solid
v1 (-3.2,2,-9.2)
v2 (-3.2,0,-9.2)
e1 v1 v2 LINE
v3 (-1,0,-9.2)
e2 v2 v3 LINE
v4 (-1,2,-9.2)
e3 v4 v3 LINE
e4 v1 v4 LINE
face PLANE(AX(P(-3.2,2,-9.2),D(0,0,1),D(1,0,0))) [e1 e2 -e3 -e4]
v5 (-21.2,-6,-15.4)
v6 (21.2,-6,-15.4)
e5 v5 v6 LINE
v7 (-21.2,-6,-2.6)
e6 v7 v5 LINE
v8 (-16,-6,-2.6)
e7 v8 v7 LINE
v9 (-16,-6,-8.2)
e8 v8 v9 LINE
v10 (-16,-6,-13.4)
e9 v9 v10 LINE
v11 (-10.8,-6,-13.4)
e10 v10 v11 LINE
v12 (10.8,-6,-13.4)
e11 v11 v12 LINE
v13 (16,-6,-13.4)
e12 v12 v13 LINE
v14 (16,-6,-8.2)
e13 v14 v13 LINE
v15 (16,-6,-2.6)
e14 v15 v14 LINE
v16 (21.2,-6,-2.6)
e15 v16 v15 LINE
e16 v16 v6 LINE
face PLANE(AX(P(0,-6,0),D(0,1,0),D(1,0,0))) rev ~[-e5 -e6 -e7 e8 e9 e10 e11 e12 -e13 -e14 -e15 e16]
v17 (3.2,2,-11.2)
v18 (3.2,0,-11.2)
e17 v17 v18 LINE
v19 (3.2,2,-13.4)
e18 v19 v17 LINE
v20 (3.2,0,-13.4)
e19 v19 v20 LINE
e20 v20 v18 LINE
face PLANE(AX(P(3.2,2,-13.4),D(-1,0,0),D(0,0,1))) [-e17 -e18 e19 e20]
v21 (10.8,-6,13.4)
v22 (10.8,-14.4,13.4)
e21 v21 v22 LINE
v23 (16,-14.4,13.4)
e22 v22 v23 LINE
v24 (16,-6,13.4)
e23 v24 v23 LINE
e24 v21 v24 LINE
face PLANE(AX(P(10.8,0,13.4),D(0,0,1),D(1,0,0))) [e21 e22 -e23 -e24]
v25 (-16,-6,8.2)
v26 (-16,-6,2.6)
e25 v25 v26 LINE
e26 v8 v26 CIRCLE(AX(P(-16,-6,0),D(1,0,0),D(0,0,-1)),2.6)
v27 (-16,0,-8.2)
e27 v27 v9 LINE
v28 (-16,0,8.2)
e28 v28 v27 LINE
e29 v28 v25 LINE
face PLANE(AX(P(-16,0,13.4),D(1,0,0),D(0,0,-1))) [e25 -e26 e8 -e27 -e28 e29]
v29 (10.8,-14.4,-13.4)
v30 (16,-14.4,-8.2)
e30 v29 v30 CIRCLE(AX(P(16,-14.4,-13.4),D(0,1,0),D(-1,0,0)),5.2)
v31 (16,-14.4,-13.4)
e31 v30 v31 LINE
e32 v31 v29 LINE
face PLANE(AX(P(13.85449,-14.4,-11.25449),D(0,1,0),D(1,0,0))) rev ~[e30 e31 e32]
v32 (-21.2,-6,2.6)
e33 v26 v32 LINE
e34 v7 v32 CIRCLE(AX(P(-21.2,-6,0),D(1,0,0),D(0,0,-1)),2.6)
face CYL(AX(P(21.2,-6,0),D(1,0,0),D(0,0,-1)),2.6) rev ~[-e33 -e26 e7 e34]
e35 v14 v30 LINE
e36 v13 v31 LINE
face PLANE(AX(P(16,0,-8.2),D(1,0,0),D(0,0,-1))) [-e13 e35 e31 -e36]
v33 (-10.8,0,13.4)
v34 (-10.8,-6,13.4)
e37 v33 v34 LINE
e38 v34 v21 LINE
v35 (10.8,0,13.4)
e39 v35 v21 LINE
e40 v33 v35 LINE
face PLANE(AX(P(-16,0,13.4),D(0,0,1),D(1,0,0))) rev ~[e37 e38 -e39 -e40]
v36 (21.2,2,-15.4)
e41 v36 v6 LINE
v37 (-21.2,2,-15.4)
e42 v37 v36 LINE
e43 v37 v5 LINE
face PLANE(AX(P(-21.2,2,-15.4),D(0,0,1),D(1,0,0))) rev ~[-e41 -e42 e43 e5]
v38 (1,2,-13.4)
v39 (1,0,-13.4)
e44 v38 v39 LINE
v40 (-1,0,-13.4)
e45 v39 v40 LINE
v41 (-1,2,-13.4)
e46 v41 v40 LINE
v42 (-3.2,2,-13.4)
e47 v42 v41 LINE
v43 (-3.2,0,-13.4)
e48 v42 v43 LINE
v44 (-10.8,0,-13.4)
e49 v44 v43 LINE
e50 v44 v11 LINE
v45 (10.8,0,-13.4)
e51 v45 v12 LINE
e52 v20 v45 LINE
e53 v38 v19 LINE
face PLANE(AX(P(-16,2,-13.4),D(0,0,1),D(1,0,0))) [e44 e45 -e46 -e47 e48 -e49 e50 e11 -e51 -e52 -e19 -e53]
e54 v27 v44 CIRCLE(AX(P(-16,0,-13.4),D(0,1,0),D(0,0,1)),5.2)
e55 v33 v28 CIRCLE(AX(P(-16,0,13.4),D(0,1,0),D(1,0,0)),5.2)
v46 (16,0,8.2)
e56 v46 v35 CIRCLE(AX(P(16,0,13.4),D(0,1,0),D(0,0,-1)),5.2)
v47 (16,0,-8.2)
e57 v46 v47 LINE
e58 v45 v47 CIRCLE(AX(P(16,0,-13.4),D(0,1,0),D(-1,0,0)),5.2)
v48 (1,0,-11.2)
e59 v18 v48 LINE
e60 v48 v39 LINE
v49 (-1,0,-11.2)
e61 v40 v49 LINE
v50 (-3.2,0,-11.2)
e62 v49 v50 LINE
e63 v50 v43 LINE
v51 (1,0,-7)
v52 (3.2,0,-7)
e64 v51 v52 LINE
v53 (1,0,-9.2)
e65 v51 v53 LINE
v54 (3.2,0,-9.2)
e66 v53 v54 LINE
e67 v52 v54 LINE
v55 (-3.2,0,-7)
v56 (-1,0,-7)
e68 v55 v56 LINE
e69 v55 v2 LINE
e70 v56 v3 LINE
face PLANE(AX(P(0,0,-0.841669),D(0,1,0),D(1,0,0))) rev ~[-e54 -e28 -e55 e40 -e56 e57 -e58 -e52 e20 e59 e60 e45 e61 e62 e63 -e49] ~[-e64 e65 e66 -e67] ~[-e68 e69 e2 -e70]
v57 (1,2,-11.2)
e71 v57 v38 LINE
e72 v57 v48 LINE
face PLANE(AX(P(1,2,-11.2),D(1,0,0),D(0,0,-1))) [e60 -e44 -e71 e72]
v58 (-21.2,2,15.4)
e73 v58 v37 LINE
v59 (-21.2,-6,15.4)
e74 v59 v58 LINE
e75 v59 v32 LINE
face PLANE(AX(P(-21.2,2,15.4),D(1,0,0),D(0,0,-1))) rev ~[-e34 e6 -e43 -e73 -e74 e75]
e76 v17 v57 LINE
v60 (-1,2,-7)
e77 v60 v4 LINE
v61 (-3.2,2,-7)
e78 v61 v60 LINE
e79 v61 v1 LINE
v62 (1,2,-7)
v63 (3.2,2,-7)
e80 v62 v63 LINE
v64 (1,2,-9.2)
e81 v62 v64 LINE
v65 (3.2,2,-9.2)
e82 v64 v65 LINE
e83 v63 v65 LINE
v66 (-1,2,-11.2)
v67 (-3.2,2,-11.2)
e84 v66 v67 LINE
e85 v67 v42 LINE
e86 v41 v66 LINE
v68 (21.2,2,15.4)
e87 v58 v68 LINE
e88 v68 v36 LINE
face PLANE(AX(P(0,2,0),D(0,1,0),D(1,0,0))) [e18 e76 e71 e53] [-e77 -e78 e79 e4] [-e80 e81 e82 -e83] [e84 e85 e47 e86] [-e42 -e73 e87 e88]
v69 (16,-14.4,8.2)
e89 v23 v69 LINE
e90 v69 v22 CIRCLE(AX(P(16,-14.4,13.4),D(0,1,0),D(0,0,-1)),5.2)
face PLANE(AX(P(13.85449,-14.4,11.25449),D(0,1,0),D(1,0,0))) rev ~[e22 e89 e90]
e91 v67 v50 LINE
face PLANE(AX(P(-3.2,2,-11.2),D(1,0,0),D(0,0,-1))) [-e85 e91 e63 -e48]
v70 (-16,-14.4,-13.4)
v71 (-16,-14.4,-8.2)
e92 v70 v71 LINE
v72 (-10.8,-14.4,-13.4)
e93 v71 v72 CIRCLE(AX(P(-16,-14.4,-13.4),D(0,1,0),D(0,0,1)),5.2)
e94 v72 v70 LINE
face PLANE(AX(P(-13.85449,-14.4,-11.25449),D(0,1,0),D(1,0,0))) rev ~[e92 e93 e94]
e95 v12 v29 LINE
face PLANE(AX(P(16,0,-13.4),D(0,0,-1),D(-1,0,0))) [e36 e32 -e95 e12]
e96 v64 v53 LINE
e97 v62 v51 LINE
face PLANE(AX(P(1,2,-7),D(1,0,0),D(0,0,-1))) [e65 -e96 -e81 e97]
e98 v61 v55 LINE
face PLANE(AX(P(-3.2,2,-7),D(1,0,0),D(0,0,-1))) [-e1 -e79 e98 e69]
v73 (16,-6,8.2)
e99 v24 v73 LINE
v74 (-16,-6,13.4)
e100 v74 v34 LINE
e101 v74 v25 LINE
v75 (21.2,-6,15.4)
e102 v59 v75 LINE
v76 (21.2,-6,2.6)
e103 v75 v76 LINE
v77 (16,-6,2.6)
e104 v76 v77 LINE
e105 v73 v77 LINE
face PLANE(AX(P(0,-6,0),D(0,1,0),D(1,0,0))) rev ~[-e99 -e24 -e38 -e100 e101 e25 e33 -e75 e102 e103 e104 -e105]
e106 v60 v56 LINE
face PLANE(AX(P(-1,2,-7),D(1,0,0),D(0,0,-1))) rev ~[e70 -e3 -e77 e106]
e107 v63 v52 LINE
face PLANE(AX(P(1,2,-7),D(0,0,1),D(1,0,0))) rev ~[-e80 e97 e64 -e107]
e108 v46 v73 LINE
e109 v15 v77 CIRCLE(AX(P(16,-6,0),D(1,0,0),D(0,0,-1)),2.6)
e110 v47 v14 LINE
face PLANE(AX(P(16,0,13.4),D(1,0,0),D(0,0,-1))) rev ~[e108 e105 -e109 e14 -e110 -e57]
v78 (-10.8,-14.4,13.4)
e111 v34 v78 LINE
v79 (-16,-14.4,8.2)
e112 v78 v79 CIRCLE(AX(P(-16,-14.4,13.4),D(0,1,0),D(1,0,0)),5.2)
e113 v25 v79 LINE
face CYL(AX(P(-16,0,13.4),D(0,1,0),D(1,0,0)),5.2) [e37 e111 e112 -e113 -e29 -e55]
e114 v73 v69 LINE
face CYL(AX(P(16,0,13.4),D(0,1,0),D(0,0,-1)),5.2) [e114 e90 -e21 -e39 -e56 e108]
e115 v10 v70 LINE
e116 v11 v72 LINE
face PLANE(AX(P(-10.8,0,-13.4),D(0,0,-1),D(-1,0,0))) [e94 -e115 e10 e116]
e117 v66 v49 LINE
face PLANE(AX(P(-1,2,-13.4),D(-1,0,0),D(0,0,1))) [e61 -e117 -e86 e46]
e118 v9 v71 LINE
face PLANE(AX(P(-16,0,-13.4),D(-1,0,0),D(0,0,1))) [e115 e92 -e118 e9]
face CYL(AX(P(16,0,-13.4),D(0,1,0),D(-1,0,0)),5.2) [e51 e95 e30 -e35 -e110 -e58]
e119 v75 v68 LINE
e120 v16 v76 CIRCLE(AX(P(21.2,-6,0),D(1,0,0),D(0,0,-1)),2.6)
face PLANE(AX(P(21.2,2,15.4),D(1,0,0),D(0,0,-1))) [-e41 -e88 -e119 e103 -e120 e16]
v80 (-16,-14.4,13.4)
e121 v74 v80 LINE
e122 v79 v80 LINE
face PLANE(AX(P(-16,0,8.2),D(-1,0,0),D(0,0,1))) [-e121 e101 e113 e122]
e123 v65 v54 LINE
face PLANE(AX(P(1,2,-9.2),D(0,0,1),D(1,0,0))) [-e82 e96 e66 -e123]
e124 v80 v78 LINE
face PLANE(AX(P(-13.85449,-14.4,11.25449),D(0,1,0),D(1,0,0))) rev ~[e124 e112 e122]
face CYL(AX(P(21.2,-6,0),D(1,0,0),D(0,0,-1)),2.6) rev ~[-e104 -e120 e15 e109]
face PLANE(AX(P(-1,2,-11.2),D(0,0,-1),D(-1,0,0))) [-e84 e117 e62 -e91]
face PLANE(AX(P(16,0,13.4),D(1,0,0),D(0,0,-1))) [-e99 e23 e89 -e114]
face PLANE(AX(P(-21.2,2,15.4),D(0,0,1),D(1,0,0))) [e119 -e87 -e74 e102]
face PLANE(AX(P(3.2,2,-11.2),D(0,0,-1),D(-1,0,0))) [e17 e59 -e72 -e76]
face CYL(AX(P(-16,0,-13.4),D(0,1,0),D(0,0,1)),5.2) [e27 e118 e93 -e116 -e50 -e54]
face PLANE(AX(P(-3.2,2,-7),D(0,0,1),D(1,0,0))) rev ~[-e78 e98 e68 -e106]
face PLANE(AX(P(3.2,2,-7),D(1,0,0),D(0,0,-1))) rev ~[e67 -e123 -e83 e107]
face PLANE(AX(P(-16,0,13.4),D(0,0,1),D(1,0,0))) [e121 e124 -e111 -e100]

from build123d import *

# Parameters (mm, degrees)
CROQUIS1_W              = 42.4
CROQUIS1_H              = 30.8
CROQUIS1_W_2            = 32
CROQUIS1_H_2            = 26.8
SALIENTE_EXTRUIR1_DEPTH = 6
SALIENTE_EXTRUIR2_DEPTH = 14.4
SALIENTE_EXTRUIR3_START = 2
CROQUIS1_4_W            = 42.4
CROQUIS1_4_H            = 30.8
CROQUIS1_4_W_2          = 32
CROQUIS1_4_H_2          = 26.8
CROQUIS1_4_W_3          = 2.2
CROQUIS1_4_H_3          = 2.2
SALIENTE_EXTRUIR3_DEPTH = 2
CORTAR_EXTRUIR1_REACH   = 49.353


with BuildPart() as part:
    # Croquis1 → Saliente-Extruir1 (new body)
    with BuildSketch(Plane(origin=(0, 0, 0), x_dir=(1, 0, 0), z_dir=(0, 1, 0))):
        Rectangle(CROQUIS1_W, CROQUIS1_H)
        Rectangle(CROQUIS1_W_2, CROQUIS1_H_2, mode=Mode.SUBTRACT)
    extrude(amount=-SALIENTE_EXTRUIR1_DEPTH)

    # Croquis1<3> → Saliente-Extruir2 (add)
    with BuildSketch(Plane(origin=(0, 0, 0), x_dir=(1, 0, 0), z_dir=(0, 1, 0))):
        with BuildLine():
            Line((-16, 13.4), (-16, 8.2))
            ThreePointArc((-16, 8.2), (-12.323044738, 9.723044738), (-10.8, 13.4))
            Line((-10.8, 13.4), (-16, 13.4))
        make_face()
        with BuildLine():
            Line((-16, -8.2), (-16, -13.4))
            Line((-16, -13.4), (-10.8, -13.4))
            ThreePointArc((-10.8, -13.4), (-12.323044738, -9.723044738), (-16, -8.2))
        make_face()
        with BuildLine():
            ThreePointArc((10.8, 13.4), (12.323044738, 9.723044738), (16, 8.2))
            Line((16, 8.2), (16, 13.4))
            Line((16, 13.4), (10.8, 13.4))
        make_face()
        with BuildLine():
            ThreePointArc((16, -8.2), (12.323044738, -9.723044738), (10.8, -13.4))
            Line((10.8, -13.4), (16, -13.4))
            Line((16, -13.4), (16, -8.2))
        make_face()
    extrude(amount=-SALIENTE_EXTRUIR2_DEPTH)

    # Croquis1<4> → Saliente-Extruir3 (add)
    # profile 1 of 6: a face of its own
    with BuildSketch(Plane(origin=(0, 0, 0), x_dir=(1, 0, 0), z_dir=(0, 1, 0)).offset(SALIENTE_EXTRUIR3_START)):
        Rectangle(CROQUIS1_4_W, CROQUIS1_4_H)
        Rectangle(CROQUIS1_4_W_2, CROQUIS1_4_H_2, mode=Mode.SUBTRACT)
    # profile 2 of 6: a face of its own
    with BuildSketch(Plane(origin=(0, 0, 0), x_dir=(1, 0, 0), z_dir=(0, 1, 0)).offset(SALIENTE_EXTRUIR3_START)):
        with BuildLine():
            Line((-16, -8.2), (-16, -13.4))
            Line((-16, -13.4), (-10.8, -13.4))
            ThreePointArc((-10.8, -13.4), (-12.323044738, -9.723044738), (-16, -8.2))
        make_face()
    # profile 3 of 6: a face of its own
    with BuildSketch(Plane(origin=(0, 0, 0), x_dir=(1, 0, 0), z_dir=(0, 1, 0)).offset(SALIENTE_EXTRUIR3_START)):
        with BuildLine():
            ThreePointArc((16, -8.2), (12.323044738, -9.723044738), (10.8, -13.4))
            Line((10.8, -13.4), (16, -13.4))
            Line((16, -13.4), (16, -8.2))
        make_face()
    # profile 4 of 6: a face of its own
    with BuildSketch(Plane(origin=(0, 0, 0), x_dir=(1, 0, 0), z_dir=(0, 1, 0)).offset(SALIENTE_EXTRUIR3_START)):
        with BuildLine():
            ThreePointArc((10.8, 13.4), (12.323044738, 9.723044738), (16, 8.2))
            Line((16, 8.2), (16, 13.4))
            Line((16, 13.4), (10.8, 13.4))
        make_face()
    # profile 5 of 6: a face of its own
    with BuildSketch(Plane(origin=(0, 0, 0), x_dir=(1, 0, 0), z_dir=(0, 1, 0)).offset(SALIENTE_EXTRUIR3_START)):
        with BuildLine():
            Line((-16, 13.4), (-16, 8.2))
            ThreePointArc((-16, 8.2), (-12.323044738, 9.723044738), (-10.8, 13.4))
            Line((-10.8, 13.4), (-16, 13.4))
        make_face()
    # profile 6 of 6: a face of its own
    with BuildSketch(Plane(origin=(0, 0, 0), x_dir=(1, 0, 0), z_dir=(0, 1, 0)).offset(SALIENTE_EXTRUIR3_START)):
        with BuildLine():
            ThreePointArc((-16, -8.2), (-12.323044738, -9.723044738), (-10.8, -13.4))
            Line((-10.8, -13.4), (10.8, -13.4))
            ThreePointArc((10.8, -13.4), (12.323044738, -9.723044738), (16, -8.2))
            Line((16, -8.2), (16, 8.2))
            ThreePointArc((16, 8.2), (12.323044738, 9.723044738), (10.8, 13.4))
            Line((10.8, 13.4), (3.2, 13.4))
            Line((3.2, 13.4), (3.2, 11.2))
            Line((3.2, 11.2), (1, 11.2))
            Line((1, 11.2), (1, 13.4))
            Line((1, 13.4), (-1, 13.4))
            Line((-1, 13.4), (-1, 11.2))
            Line((-1, 11.2), (-3.2, 11.2))
            Line((-3.2, 11.2), (-3.2, 13.4))
            Line((-3.2, 13.4), (-10.8, 13.4))
            ThreePointArc((-10.8, 13.4), (-12.323044738, 9.723044738), (-16, 8.2))
            Line((-16, 8.2), (-16, -8.2))
        make_face()
        with Locations((-2.1, 8.1)):
            Rectangle(CROQUIS1_4_W_3, CROQUIS1_4_H_3, mode=Mode.SUBTRACT)
        with Locations((2.1, 8.1)):
            Rectangle(CROQUIS1_4_W_3, CROQUIS1_4_H_3, mode=Mode.SUBTRACT)
    extrude(amount=-SALIENTE_EXTRUIR3_DEPTH)

    # Cortar-Extruir1: up to this face of the body (flat: up to its plane)
    cortar_extruir1_end = Plane(part.part.faces().sort_by_distance((-21.2, -2, 0))[0])
    # Croquis2 → Cortar-Extruir1 (cut, up to the picked face)
    with BuildSketch(Plane(origin=(21.2, 0, 0), x_dir=(0, 0, -1), z_dir=(1, 0, 0)), mode=Mode.PRIVATE) as cortar_extruir1_sk1:
        with BuildLine():
            Line((-2.6, -6), (2.6, -6))
            ThreePointArc((2.6, -6), (0, -3.4), (-2.6, -6))
        make_face()
    cortar_extruir1_tool1 = split(extrude(cortar_extruir1_sk1.sketch, amount=-CORTAR_EXTRUIR1_REACH, mode=Mode.PRIVATE), bisect_by=cortar_extruir1_end, keep=Keep.BOTH, mode=Mode.PRIVATE)
    add(cortar_extruir1_tool1.solids().sort_by(Axis((21.2, -4.896526, 0), (-1, 0, 0)))[0], mode=Mode.SUBTRACT)


solid = part.part
